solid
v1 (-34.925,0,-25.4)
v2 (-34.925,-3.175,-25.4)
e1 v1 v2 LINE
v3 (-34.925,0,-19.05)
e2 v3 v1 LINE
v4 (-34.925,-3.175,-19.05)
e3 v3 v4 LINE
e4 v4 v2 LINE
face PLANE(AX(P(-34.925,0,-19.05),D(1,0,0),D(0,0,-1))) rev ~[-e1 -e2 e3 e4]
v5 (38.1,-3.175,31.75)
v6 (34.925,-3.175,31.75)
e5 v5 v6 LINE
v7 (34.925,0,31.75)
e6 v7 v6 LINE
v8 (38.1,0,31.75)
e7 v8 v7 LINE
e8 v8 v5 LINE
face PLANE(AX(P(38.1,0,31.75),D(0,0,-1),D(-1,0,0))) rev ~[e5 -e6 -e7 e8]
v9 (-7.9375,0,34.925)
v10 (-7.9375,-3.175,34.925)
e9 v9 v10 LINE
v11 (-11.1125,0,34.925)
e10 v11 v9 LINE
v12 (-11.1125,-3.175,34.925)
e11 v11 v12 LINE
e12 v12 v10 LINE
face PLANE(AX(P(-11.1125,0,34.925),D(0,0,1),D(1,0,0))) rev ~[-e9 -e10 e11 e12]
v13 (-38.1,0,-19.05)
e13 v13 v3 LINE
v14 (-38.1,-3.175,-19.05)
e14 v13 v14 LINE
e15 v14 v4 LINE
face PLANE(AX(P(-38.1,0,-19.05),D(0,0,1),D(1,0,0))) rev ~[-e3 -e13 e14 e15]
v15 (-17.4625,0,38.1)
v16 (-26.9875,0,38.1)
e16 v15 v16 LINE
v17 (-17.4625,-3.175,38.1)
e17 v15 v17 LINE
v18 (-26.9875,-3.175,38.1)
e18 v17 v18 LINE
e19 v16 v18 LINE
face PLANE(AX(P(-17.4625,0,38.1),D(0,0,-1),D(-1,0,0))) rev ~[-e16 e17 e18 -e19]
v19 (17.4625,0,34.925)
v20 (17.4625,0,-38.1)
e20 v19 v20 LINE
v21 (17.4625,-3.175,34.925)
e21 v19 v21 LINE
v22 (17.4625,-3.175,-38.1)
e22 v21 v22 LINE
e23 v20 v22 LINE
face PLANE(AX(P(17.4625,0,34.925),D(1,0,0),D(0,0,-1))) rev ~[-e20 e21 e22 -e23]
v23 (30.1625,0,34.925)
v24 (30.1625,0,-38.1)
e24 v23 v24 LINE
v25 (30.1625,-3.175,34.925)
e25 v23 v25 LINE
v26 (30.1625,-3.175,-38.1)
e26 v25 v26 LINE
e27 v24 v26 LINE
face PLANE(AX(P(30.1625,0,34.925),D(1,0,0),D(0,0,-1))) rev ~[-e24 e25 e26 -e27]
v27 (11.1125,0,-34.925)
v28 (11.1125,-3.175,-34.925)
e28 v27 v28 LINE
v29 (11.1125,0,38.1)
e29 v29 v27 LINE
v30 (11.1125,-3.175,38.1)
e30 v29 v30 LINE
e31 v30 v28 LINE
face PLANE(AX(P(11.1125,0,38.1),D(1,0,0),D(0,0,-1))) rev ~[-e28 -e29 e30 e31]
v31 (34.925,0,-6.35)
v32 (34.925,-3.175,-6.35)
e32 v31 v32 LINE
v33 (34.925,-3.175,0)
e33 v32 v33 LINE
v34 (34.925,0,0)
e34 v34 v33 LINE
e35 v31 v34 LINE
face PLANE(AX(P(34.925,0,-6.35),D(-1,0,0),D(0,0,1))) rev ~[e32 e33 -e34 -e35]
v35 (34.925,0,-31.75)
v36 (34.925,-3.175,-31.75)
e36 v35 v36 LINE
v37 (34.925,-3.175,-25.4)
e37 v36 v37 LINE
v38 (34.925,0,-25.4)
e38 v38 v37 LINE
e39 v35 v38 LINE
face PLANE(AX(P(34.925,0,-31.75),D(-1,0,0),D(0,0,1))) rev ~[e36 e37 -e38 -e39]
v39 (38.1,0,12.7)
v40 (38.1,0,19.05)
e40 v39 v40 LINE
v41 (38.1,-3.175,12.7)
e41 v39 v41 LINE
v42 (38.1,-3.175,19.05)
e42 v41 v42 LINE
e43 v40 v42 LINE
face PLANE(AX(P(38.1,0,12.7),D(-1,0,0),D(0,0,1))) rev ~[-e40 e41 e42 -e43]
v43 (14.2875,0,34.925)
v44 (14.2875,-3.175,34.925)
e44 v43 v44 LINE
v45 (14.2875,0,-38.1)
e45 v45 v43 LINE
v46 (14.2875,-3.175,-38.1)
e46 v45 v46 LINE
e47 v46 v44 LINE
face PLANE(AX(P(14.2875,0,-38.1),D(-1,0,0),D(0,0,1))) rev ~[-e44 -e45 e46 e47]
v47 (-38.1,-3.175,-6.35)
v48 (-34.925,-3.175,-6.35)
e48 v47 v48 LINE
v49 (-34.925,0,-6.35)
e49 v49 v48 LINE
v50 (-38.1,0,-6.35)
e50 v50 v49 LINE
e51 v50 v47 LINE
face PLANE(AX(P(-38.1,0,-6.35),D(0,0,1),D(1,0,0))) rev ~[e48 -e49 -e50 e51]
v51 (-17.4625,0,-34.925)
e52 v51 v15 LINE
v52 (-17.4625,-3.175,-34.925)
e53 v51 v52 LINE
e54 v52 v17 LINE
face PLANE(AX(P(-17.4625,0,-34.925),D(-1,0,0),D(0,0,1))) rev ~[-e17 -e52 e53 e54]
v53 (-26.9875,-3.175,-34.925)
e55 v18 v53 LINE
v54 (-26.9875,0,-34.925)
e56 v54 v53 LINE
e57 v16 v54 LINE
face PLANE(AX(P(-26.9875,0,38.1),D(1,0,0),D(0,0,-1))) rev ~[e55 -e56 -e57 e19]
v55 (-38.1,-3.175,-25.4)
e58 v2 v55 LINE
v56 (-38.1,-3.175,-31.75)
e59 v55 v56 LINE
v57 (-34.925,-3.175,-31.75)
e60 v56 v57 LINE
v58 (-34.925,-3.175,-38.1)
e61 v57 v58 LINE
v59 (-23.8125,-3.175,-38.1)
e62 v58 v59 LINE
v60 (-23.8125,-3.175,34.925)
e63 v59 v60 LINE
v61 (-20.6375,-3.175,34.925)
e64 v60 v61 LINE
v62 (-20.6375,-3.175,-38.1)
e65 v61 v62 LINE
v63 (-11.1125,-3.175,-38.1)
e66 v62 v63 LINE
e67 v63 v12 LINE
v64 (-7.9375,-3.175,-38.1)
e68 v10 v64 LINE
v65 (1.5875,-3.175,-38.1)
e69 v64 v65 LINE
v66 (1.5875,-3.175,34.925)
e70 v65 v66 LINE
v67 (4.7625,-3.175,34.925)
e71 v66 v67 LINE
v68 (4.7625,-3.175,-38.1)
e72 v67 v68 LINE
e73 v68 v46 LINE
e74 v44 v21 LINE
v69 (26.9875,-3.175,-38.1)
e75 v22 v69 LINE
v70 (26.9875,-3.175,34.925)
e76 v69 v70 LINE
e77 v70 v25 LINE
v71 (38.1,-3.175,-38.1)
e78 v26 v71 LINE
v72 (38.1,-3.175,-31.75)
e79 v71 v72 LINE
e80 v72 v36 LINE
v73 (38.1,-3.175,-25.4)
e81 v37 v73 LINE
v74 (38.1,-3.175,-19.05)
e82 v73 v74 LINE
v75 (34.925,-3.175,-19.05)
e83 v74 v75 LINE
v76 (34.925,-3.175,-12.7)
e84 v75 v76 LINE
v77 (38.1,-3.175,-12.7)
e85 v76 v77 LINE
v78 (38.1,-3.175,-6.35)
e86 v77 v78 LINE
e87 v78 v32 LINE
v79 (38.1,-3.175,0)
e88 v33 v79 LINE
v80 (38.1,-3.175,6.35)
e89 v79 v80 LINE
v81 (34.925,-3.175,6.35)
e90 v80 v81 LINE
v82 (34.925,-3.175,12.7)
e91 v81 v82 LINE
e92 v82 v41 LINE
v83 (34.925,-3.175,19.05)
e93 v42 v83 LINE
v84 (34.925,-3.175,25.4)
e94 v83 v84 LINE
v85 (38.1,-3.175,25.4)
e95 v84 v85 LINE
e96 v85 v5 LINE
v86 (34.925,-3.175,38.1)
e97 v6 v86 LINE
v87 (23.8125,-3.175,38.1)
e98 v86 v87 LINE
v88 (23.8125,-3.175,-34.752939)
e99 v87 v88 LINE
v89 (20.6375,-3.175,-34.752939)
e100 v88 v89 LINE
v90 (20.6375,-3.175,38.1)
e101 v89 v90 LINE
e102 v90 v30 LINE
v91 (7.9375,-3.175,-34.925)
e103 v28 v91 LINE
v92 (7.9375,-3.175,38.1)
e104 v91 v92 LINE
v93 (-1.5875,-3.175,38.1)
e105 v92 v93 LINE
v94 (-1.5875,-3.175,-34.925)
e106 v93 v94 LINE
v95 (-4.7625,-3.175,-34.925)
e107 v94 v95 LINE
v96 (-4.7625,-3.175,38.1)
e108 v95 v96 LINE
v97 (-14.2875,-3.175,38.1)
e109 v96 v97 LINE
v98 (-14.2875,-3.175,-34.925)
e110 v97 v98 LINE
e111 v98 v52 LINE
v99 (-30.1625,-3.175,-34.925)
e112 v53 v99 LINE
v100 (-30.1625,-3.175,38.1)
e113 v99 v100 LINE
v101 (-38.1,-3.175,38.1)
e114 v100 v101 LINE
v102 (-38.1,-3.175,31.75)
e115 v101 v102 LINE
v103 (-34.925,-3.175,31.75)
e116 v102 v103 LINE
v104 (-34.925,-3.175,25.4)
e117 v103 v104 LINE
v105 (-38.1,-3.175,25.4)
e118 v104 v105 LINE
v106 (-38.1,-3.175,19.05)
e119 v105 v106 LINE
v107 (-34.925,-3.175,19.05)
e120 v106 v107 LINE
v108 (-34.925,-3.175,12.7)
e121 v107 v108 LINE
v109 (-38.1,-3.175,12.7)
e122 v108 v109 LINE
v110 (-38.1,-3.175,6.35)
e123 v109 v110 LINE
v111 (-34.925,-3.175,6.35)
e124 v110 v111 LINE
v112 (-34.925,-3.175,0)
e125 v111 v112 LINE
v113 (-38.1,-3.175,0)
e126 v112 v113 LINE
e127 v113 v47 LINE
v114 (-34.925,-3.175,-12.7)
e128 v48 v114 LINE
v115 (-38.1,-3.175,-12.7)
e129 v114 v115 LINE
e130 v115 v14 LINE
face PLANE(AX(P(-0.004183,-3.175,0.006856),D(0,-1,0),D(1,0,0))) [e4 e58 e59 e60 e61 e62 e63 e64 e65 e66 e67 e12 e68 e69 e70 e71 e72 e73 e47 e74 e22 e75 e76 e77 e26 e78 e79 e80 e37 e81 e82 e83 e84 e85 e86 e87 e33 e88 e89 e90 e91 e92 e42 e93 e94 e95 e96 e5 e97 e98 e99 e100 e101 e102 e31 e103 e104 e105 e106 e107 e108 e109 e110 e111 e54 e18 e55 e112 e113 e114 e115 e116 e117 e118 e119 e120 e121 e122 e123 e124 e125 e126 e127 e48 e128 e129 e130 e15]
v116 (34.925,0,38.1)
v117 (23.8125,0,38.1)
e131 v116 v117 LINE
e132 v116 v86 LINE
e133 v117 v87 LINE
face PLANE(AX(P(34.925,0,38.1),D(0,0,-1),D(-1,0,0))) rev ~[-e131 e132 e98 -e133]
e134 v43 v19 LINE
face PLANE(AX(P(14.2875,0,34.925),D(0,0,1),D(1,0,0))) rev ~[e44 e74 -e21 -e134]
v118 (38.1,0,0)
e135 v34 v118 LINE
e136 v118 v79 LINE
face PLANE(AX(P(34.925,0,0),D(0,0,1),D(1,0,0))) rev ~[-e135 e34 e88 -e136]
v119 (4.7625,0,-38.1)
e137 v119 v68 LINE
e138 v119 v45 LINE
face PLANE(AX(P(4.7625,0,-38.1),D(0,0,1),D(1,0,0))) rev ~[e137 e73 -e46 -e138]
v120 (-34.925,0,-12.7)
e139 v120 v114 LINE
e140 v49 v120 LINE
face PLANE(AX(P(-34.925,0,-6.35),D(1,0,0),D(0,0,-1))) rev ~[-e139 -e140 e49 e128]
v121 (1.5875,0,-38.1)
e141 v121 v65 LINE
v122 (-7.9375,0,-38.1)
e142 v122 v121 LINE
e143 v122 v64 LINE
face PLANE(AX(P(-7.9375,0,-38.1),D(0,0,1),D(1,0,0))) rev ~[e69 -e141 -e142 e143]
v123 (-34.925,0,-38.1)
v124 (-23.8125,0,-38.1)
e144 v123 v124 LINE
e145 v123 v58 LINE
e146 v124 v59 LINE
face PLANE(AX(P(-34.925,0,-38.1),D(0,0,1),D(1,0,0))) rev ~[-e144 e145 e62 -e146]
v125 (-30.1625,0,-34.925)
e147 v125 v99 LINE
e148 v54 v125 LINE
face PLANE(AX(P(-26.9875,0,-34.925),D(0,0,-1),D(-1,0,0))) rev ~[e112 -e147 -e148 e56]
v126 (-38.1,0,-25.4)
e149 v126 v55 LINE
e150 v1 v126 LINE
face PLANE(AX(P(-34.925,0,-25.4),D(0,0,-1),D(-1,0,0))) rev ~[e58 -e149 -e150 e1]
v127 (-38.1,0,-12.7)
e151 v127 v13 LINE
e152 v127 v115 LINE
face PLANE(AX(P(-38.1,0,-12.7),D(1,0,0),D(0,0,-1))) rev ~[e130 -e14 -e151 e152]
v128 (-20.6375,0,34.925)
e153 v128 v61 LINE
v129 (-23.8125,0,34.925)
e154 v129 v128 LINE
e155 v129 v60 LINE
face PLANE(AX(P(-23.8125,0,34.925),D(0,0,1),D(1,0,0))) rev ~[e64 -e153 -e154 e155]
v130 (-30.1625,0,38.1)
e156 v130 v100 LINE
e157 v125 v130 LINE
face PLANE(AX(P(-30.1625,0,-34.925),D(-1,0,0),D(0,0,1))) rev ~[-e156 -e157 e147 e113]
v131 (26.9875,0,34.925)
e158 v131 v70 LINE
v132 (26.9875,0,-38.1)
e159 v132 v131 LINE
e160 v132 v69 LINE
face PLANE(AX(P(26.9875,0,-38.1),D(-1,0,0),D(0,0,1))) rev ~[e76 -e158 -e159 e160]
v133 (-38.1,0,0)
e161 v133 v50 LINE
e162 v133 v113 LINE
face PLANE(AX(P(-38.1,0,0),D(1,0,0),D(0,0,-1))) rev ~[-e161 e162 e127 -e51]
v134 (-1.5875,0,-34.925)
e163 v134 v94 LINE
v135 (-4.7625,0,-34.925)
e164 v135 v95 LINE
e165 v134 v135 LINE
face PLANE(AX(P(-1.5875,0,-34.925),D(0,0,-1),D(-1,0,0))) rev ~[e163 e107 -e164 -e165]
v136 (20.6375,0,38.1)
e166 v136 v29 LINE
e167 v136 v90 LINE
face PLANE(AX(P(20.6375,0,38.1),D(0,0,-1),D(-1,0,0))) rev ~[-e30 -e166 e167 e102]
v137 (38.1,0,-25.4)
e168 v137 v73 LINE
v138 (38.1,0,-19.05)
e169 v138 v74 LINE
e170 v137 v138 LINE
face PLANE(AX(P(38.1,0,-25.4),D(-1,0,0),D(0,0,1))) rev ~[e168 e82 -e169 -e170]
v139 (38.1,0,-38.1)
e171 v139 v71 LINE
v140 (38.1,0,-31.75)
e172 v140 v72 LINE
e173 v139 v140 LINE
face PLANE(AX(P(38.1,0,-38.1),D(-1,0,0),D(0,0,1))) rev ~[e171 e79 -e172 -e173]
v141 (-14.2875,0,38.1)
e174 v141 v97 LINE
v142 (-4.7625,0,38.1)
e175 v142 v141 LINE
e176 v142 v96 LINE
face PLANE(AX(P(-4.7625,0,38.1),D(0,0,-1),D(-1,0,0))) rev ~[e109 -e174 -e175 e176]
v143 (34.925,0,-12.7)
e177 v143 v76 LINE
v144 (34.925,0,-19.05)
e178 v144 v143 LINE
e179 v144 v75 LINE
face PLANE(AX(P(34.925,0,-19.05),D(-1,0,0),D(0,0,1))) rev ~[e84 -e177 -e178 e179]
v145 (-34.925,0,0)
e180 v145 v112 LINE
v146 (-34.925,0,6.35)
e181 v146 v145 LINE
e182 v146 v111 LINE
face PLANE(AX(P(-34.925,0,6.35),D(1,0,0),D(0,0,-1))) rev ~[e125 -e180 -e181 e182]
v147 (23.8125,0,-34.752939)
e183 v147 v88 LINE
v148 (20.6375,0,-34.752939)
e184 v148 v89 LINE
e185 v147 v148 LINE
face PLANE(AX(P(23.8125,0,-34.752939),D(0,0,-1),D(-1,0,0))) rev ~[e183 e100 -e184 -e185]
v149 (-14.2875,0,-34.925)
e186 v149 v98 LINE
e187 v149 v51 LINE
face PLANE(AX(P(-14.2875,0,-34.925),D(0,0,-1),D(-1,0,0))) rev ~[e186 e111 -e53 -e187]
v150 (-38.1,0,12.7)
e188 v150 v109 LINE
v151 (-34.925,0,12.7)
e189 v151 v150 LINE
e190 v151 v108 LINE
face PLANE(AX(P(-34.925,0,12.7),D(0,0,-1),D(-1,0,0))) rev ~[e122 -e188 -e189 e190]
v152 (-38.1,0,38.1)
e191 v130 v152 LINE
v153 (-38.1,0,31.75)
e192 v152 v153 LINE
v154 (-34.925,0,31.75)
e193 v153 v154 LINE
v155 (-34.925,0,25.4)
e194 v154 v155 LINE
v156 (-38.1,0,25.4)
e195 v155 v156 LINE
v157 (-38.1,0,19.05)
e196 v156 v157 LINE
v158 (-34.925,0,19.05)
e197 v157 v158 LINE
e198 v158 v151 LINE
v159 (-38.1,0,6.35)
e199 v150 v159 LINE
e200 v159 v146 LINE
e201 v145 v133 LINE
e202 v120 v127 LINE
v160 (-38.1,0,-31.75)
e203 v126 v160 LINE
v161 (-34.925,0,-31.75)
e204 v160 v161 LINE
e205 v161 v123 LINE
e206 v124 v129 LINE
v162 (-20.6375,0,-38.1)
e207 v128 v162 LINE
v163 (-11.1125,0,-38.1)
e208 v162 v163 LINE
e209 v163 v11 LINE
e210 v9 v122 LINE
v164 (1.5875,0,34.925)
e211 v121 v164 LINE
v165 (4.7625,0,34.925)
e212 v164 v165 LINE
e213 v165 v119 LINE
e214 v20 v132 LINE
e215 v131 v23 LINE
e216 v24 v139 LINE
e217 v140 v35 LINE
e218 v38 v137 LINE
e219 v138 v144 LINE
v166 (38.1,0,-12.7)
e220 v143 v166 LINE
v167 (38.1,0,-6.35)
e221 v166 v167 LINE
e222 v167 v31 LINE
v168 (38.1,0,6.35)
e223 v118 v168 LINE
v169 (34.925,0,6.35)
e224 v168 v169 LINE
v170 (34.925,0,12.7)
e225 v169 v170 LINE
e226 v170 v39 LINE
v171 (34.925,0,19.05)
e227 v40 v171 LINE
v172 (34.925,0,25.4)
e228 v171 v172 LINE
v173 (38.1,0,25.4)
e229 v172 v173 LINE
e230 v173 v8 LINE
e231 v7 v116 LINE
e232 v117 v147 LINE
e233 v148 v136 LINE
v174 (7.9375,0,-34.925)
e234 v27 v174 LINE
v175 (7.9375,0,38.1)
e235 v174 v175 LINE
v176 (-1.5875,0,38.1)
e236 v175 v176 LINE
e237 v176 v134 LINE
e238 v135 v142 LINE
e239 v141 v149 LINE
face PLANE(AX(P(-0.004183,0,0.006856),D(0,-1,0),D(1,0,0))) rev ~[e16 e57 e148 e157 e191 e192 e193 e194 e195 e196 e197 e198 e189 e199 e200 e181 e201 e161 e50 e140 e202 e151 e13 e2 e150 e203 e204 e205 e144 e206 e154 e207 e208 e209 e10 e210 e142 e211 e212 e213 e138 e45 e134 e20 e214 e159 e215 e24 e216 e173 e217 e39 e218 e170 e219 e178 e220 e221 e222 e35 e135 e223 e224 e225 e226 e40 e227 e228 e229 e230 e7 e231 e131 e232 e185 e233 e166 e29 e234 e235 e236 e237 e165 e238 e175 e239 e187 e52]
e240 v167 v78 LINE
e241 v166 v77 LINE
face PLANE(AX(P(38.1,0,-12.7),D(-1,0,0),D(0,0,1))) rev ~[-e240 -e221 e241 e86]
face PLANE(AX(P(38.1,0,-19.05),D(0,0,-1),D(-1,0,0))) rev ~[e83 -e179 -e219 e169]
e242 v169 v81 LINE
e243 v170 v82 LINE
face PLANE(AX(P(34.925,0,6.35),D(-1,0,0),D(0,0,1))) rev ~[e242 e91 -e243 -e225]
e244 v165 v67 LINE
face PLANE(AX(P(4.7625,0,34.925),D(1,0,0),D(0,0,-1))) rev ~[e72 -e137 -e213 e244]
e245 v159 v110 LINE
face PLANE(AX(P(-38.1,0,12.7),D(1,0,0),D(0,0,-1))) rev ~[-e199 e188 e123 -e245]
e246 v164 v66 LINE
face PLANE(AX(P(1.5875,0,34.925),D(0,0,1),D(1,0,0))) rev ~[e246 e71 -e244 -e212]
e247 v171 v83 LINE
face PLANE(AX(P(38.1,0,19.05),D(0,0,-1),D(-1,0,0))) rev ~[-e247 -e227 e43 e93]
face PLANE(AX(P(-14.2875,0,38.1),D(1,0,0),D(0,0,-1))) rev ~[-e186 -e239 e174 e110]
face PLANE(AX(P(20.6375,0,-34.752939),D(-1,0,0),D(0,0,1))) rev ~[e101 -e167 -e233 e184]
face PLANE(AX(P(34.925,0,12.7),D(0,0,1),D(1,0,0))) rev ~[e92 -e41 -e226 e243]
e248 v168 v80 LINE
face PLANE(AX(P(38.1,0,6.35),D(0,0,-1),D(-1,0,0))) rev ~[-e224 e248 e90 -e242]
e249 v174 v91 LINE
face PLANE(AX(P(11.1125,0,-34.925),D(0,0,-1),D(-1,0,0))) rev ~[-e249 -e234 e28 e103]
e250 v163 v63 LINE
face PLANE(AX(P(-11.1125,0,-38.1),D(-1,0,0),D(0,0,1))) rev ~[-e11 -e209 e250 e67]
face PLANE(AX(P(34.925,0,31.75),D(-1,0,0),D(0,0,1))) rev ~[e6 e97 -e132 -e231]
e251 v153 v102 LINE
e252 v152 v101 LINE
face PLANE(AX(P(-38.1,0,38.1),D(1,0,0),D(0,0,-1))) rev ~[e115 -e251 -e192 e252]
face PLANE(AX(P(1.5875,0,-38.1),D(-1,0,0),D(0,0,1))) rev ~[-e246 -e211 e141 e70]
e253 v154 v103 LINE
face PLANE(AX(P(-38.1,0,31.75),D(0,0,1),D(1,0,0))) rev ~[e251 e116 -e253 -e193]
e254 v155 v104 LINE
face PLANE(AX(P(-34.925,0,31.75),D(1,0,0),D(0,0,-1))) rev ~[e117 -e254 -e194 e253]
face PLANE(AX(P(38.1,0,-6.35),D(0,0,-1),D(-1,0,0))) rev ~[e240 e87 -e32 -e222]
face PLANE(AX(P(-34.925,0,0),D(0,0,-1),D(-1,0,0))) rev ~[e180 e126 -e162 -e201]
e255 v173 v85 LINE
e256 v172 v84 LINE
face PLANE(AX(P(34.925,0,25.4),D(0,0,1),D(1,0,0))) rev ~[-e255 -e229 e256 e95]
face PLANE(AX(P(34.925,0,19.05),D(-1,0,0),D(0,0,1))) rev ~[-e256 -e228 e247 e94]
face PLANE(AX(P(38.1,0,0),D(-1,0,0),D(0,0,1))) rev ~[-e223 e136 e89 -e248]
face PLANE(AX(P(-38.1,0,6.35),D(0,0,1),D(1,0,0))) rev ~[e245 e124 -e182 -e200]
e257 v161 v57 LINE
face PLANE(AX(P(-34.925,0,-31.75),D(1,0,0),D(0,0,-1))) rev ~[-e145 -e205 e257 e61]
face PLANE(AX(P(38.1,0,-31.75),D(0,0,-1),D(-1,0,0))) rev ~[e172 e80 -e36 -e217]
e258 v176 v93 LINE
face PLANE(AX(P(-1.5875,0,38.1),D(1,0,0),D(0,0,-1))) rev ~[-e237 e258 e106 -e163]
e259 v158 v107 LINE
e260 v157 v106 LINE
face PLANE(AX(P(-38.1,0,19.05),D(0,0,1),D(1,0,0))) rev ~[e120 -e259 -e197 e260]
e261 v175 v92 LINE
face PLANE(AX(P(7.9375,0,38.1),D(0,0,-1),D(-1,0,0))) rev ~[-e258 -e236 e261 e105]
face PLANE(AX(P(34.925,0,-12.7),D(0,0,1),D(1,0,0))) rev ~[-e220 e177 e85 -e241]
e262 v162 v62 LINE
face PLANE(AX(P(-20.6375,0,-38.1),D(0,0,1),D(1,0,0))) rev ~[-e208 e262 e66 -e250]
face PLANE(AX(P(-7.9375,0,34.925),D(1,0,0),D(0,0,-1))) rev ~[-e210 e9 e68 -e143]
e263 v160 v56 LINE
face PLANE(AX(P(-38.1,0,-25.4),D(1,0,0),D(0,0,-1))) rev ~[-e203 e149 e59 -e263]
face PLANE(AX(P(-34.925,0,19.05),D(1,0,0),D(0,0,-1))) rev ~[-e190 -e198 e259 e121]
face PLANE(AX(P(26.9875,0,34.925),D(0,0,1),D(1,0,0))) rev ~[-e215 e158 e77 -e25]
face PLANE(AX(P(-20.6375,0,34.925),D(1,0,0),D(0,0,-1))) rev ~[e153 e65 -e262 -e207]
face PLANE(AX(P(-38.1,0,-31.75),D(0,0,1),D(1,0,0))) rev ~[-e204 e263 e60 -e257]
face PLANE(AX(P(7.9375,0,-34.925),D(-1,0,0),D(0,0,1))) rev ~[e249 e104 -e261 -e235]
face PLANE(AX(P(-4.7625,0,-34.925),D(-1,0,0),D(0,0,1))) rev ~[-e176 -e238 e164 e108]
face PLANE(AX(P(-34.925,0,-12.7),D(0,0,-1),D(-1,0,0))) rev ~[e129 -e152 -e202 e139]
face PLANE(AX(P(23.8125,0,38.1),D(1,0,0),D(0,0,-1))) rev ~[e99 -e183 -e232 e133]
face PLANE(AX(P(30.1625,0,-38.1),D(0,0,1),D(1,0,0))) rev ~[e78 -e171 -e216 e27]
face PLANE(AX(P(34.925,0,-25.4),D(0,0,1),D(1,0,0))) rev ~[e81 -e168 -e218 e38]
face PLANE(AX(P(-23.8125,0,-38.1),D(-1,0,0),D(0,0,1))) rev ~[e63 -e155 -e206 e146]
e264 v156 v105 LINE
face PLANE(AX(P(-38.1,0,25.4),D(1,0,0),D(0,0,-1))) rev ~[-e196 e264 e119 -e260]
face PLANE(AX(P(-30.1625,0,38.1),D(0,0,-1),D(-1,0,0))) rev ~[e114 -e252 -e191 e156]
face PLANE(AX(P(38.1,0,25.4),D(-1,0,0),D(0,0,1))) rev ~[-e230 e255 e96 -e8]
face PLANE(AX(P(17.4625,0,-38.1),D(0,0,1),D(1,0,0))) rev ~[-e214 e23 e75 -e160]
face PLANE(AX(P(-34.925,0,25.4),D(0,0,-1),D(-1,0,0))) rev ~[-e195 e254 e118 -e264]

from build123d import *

# Parameters (mm, degrees)
F1_DEPTH = 3.175


with BuildPart() as f1:
    # F0 (on Front) → F1 (new body)
    with BuildSketch(Plane.XZ):
        Polygon((-34.925, 38.1), (-38.1, 38.1), (-38.1, 31.75), (-34.925, 31.75), (-34.925, 25.4), (-38.1, 25.4), (-38.1, 19.05), (-34.925, 19.05), (-34.925, 12.7), (-38.1, 12.7), (-38.1, 6.35), (-34.925, 6.35), (-34.925, 0), (-38.1, 0), (-38.1, -6.35), (-34.925, -6.35), (-34.925, -12.7), (-38.1, -12.7), (-38.1, -19.05), (-34.925, -19.05), (-34.925, -25.4), (-38.1, -25.4), (-38.1, -31.75), (-34.925, -31.75), (-34.925, -38.1), (-23.8125, -38.1), (-23.8125, 34.925), (-20.6375, 34.925), (-20.6375, -38.1), (-11.1125, -38.1), (-11.1125, 34.925), (-7.9375, 34.925), (-7.9375, -38.1), (-3.249693, -38.1), (-0.074693, -38.1), (1.5875, -38.1), (1.5875, 34.925), (4.7625, 34.925), (4.7625, -38.1), (14.2875, -38.1), (14.2875, 34.925), (17.4625, 34.925), (17.4625, -38.1), (26.9875, -38.1), (26.9875, 34.925), (30.1625, 34.925), (30.1625, -38.1), (38.1, -38.1), (38.1, -31.75), (34.925, -31.75), (34.925, -25.4), (38.1, -25.4), (38.1, -19.05), (34.925, -19.05), (34.925, -12.7), (38.1, -12.7), (38.1, -6.35), (34.925, -6.35), (34.925, 0), (38.1, 0), (38.1, 6.35), (34.925, 6.35), (34.925, 12.7), (38.1, 12.7), (38.1, 19.05), (34.925, 19.05), (34.925, 25.4), (38.1, 25.4), (38.1, 31.75), (34.925, 31.75), (34.925, 38.1), (23.8125, 38.1), (23.8125, -34.752939), (20.6375, -34.752939), (20.6375, 38.1), (11.1125, 38.1), (11.1125, -34.925), (7.9375, -34.925), (7.9375, 38.1), (-1.5875, 38.1), (-1.5875, -34.925), (-4.7625, -34.925), (-4.7625, 38.1), (-14.2875, 38.1), (-14.2875, -34.925), (-17.4625, -34.925), (-17.4625, 38.1), (-26.9875, 38.1), (-26.9875, -34.925), (-30.1625, -34.925), (-30.1625, 38.1), align=None)
    extrude(amount=F1_DEPTH)


solid = f1.part
